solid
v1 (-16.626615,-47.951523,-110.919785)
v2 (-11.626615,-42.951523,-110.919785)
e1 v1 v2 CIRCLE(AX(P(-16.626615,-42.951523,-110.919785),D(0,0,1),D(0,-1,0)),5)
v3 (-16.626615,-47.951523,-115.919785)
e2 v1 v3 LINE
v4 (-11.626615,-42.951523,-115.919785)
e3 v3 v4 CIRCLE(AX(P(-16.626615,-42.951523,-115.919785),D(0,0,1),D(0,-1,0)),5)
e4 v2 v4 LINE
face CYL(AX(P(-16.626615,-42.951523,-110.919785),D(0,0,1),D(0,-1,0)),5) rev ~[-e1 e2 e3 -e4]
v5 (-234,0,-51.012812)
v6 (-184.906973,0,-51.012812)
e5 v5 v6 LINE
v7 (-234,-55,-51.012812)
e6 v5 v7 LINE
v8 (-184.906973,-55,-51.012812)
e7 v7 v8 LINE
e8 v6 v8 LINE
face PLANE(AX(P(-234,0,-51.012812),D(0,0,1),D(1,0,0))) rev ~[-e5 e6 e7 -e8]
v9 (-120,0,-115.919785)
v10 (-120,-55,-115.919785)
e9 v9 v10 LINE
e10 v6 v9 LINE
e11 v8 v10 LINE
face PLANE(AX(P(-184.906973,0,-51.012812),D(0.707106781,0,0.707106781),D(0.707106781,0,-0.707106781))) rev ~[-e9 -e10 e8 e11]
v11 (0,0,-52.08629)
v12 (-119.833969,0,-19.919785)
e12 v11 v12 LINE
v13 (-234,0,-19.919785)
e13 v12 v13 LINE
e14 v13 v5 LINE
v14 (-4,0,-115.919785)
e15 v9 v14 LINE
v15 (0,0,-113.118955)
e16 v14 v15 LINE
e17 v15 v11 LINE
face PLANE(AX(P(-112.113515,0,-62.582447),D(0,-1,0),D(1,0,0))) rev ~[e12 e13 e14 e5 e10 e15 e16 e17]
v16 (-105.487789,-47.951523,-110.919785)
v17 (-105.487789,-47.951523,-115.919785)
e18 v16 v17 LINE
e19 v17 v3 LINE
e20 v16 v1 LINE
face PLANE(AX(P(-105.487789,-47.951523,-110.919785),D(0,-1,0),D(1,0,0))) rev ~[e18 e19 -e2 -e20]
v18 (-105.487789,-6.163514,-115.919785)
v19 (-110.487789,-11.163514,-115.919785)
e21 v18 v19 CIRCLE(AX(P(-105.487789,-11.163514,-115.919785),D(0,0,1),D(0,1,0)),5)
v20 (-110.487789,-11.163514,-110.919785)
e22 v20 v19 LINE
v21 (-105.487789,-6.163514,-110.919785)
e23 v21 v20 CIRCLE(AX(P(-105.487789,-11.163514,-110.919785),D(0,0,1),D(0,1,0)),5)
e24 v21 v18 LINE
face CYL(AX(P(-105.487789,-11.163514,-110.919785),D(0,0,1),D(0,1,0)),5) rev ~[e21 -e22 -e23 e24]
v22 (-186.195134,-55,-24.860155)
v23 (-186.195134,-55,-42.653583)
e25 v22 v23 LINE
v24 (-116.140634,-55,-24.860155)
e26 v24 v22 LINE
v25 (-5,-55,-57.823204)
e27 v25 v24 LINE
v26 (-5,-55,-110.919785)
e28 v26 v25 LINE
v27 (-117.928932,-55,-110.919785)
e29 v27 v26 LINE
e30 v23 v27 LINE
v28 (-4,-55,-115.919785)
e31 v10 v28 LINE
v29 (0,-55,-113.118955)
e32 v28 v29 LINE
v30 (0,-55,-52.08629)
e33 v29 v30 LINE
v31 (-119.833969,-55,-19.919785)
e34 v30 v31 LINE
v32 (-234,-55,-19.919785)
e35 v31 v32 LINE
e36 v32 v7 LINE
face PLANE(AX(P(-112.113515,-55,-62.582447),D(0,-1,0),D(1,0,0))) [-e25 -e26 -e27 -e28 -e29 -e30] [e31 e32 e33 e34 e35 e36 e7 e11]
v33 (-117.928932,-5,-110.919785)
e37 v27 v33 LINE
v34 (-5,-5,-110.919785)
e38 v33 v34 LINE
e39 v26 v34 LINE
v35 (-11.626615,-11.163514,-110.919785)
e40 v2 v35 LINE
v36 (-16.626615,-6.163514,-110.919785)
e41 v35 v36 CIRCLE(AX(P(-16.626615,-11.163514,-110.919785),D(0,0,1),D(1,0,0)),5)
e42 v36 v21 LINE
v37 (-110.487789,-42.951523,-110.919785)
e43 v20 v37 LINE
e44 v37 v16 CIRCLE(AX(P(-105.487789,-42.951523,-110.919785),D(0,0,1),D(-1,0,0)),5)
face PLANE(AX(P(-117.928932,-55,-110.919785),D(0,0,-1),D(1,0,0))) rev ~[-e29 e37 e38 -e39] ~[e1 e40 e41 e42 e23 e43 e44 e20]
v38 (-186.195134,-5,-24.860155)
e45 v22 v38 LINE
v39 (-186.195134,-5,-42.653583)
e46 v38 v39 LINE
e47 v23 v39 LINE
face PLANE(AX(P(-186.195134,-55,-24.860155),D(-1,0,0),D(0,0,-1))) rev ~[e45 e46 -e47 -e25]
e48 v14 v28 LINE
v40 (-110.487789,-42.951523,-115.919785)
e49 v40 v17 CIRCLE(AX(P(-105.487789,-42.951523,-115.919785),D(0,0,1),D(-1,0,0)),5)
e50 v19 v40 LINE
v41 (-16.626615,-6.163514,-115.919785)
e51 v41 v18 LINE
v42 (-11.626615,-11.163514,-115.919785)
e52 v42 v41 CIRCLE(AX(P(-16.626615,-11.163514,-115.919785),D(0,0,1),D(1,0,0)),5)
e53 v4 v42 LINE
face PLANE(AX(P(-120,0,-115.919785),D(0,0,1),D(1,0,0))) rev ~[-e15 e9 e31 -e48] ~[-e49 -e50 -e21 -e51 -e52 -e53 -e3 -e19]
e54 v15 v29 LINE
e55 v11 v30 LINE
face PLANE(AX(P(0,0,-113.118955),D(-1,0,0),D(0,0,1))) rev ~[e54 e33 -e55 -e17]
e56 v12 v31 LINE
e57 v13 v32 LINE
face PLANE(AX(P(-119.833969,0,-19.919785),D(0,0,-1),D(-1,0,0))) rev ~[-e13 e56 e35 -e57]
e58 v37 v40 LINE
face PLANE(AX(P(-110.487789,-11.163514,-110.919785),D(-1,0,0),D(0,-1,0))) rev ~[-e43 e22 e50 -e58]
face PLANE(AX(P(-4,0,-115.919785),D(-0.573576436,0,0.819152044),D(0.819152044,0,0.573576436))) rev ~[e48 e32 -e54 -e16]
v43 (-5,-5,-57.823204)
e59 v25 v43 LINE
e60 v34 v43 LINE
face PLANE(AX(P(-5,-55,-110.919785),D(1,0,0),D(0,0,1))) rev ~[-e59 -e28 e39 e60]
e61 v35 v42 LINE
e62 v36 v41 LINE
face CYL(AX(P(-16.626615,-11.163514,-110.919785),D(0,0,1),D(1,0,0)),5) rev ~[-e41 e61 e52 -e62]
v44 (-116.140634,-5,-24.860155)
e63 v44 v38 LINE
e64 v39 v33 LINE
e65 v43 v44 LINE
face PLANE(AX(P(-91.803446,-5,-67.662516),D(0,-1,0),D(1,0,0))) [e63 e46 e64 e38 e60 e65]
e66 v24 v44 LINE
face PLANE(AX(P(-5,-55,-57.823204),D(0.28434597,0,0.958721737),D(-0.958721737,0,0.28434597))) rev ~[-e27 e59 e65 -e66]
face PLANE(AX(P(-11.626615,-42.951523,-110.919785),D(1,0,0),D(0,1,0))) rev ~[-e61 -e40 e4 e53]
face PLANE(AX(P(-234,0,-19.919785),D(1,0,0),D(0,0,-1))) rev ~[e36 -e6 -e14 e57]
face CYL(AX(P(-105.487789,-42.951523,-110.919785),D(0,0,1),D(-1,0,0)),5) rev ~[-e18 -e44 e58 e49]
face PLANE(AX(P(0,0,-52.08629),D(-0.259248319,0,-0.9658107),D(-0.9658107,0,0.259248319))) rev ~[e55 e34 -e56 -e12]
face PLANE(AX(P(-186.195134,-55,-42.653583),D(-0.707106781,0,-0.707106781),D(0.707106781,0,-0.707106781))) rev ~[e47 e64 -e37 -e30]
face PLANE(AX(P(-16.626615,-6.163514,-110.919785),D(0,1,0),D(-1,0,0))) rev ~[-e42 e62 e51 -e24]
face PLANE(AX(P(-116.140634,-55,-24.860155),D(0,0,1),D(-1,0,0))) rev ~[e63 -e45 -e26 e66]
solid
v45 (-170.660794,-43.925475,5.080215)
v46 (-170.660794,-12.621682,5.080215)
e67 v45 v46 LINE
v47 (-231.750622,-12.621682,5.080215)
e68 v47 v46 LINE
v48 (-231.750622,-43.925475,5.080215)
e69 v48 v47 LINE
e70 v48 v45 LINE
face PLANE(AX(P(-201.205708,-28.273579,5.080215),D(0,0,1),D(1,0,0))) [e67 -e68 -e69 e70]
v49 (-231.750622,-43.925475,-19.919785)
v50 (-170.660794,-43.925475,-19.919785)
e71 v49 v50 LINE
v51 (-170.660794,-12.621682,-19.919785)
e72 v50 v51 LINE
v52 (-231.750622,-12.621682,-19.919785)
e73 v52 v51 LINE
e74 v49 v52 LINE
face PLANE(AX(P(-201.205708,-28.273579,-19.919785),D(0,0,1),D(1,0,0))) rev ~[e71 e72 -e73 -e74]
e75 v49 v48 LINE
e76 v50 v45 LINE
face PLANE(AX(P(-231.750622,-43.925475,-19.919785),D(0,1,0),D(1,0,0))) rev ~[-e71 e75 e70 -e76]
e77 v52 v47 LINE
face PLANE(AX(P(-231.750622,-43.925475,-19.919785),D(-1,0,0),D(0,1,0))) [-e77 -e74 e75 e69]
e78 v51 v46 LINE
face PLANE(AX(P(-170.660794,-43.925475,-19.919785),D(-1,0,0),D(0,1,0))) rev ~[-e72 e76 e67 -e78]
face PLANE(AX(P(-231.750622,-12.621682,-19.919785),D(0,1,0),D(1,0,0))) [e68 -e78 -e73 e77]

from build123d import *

# Parameters (mm, degrees)
F1_DEPTH      = 55
F3_DEPTH      = 50
F3_DEPTH_BACK = 50
F5_DEPTH      = 25
F7_W          = 61.0898286104
F7_H          = 31.3037931919
F8_DEPTH      = 25


with BuildPart() as f1:
    # F0 (on Front) → F1 (new body)
    with BuildSketch(Plane.XZ):
        Polygon((0, -113.1189545868), (0, -52.0862899721), (-119.8339686111, -19.9197847396), (-234, -19.9197847396), (-234, -51.0128117148), (-184.9069730248, -51.0128117148), (-120, -115.9197847396), (-4, -115.9197847396), align=None)
    extrude(amount=F1_DEPTH)

    # F2 (on face) → F3 (cut, two sides)
    with BuildSketch(Plane.XZ.offset(55)) as f3_sk:
        Polygon((-116.1406338215, -24.8601548374), (-186.1951341673, -24.8601548374), (-186.1951341673, -42.6535827604), (-117.9289321881, -110.9197847396), (-5, -110.9197847396), (-5, -57.8232035041), align=None)
    extrude(amount=-F3_DEPTH, mode=Mode.SUBTRACT)
    extrude(f3_sk.sketch, amount=F3_DEPTH_BACK, mode=Mode.SUBTRACT)

    # F4 (on face) → F5 (cut)
    with BuildSketch(Plane.XY.offset(-110.9197847396)):
        with BuildLine():
            Line((-16.626615189, -6.1635137536), (-105.4877889156, -6.1635137536))
            ThreePointArc((-105.4877889156, -6.1635137536), (-109.0233228216, -7.6279798476), (-110.4877889156, -11.1635137536))
            Line((-110.4877889156, -11.1635137536), (-110.4877889156, -42.9515232146))
            ThreePointArc((-110.4877889156, -42.9515232146), (-109.0233228216, -46.4870571205), (-105.4877889156, -47.9515232146))
            Line((-105.4877889156, -47.9515232146), (-16.626615189, -47.9515232146))
            ThreePointArc((-16.626615189, -47.9515232146), (-13.0910812831, -46.4870571205), (-11.626615189, -42.9515232146))
            Line((-11.626615189, -42.9515232146), (-11.626615189, -11.1635137536))
            ThreePointArc((-11.626615189, -11.1635137536), (-13.0910812831, -7.6279798476), (-16.626615189, -6.1635137536))
        make_face()
    extrude(amount=-F5_DEPTH, mode=Mode.SUBTRACT)


with BuildPart() as f8:
    # F7 (on offset) → F8 (new body)
    with BuildSketch(Plane.XY.offset(-19.9197847396)):
        with Locations((-201.2057080865, -28.2735787332)):
            Rectangle(F7_W, F7_H)
    extrude(amount=F8_DEPTH)


solid = Compound([f1.part, f8.part])
